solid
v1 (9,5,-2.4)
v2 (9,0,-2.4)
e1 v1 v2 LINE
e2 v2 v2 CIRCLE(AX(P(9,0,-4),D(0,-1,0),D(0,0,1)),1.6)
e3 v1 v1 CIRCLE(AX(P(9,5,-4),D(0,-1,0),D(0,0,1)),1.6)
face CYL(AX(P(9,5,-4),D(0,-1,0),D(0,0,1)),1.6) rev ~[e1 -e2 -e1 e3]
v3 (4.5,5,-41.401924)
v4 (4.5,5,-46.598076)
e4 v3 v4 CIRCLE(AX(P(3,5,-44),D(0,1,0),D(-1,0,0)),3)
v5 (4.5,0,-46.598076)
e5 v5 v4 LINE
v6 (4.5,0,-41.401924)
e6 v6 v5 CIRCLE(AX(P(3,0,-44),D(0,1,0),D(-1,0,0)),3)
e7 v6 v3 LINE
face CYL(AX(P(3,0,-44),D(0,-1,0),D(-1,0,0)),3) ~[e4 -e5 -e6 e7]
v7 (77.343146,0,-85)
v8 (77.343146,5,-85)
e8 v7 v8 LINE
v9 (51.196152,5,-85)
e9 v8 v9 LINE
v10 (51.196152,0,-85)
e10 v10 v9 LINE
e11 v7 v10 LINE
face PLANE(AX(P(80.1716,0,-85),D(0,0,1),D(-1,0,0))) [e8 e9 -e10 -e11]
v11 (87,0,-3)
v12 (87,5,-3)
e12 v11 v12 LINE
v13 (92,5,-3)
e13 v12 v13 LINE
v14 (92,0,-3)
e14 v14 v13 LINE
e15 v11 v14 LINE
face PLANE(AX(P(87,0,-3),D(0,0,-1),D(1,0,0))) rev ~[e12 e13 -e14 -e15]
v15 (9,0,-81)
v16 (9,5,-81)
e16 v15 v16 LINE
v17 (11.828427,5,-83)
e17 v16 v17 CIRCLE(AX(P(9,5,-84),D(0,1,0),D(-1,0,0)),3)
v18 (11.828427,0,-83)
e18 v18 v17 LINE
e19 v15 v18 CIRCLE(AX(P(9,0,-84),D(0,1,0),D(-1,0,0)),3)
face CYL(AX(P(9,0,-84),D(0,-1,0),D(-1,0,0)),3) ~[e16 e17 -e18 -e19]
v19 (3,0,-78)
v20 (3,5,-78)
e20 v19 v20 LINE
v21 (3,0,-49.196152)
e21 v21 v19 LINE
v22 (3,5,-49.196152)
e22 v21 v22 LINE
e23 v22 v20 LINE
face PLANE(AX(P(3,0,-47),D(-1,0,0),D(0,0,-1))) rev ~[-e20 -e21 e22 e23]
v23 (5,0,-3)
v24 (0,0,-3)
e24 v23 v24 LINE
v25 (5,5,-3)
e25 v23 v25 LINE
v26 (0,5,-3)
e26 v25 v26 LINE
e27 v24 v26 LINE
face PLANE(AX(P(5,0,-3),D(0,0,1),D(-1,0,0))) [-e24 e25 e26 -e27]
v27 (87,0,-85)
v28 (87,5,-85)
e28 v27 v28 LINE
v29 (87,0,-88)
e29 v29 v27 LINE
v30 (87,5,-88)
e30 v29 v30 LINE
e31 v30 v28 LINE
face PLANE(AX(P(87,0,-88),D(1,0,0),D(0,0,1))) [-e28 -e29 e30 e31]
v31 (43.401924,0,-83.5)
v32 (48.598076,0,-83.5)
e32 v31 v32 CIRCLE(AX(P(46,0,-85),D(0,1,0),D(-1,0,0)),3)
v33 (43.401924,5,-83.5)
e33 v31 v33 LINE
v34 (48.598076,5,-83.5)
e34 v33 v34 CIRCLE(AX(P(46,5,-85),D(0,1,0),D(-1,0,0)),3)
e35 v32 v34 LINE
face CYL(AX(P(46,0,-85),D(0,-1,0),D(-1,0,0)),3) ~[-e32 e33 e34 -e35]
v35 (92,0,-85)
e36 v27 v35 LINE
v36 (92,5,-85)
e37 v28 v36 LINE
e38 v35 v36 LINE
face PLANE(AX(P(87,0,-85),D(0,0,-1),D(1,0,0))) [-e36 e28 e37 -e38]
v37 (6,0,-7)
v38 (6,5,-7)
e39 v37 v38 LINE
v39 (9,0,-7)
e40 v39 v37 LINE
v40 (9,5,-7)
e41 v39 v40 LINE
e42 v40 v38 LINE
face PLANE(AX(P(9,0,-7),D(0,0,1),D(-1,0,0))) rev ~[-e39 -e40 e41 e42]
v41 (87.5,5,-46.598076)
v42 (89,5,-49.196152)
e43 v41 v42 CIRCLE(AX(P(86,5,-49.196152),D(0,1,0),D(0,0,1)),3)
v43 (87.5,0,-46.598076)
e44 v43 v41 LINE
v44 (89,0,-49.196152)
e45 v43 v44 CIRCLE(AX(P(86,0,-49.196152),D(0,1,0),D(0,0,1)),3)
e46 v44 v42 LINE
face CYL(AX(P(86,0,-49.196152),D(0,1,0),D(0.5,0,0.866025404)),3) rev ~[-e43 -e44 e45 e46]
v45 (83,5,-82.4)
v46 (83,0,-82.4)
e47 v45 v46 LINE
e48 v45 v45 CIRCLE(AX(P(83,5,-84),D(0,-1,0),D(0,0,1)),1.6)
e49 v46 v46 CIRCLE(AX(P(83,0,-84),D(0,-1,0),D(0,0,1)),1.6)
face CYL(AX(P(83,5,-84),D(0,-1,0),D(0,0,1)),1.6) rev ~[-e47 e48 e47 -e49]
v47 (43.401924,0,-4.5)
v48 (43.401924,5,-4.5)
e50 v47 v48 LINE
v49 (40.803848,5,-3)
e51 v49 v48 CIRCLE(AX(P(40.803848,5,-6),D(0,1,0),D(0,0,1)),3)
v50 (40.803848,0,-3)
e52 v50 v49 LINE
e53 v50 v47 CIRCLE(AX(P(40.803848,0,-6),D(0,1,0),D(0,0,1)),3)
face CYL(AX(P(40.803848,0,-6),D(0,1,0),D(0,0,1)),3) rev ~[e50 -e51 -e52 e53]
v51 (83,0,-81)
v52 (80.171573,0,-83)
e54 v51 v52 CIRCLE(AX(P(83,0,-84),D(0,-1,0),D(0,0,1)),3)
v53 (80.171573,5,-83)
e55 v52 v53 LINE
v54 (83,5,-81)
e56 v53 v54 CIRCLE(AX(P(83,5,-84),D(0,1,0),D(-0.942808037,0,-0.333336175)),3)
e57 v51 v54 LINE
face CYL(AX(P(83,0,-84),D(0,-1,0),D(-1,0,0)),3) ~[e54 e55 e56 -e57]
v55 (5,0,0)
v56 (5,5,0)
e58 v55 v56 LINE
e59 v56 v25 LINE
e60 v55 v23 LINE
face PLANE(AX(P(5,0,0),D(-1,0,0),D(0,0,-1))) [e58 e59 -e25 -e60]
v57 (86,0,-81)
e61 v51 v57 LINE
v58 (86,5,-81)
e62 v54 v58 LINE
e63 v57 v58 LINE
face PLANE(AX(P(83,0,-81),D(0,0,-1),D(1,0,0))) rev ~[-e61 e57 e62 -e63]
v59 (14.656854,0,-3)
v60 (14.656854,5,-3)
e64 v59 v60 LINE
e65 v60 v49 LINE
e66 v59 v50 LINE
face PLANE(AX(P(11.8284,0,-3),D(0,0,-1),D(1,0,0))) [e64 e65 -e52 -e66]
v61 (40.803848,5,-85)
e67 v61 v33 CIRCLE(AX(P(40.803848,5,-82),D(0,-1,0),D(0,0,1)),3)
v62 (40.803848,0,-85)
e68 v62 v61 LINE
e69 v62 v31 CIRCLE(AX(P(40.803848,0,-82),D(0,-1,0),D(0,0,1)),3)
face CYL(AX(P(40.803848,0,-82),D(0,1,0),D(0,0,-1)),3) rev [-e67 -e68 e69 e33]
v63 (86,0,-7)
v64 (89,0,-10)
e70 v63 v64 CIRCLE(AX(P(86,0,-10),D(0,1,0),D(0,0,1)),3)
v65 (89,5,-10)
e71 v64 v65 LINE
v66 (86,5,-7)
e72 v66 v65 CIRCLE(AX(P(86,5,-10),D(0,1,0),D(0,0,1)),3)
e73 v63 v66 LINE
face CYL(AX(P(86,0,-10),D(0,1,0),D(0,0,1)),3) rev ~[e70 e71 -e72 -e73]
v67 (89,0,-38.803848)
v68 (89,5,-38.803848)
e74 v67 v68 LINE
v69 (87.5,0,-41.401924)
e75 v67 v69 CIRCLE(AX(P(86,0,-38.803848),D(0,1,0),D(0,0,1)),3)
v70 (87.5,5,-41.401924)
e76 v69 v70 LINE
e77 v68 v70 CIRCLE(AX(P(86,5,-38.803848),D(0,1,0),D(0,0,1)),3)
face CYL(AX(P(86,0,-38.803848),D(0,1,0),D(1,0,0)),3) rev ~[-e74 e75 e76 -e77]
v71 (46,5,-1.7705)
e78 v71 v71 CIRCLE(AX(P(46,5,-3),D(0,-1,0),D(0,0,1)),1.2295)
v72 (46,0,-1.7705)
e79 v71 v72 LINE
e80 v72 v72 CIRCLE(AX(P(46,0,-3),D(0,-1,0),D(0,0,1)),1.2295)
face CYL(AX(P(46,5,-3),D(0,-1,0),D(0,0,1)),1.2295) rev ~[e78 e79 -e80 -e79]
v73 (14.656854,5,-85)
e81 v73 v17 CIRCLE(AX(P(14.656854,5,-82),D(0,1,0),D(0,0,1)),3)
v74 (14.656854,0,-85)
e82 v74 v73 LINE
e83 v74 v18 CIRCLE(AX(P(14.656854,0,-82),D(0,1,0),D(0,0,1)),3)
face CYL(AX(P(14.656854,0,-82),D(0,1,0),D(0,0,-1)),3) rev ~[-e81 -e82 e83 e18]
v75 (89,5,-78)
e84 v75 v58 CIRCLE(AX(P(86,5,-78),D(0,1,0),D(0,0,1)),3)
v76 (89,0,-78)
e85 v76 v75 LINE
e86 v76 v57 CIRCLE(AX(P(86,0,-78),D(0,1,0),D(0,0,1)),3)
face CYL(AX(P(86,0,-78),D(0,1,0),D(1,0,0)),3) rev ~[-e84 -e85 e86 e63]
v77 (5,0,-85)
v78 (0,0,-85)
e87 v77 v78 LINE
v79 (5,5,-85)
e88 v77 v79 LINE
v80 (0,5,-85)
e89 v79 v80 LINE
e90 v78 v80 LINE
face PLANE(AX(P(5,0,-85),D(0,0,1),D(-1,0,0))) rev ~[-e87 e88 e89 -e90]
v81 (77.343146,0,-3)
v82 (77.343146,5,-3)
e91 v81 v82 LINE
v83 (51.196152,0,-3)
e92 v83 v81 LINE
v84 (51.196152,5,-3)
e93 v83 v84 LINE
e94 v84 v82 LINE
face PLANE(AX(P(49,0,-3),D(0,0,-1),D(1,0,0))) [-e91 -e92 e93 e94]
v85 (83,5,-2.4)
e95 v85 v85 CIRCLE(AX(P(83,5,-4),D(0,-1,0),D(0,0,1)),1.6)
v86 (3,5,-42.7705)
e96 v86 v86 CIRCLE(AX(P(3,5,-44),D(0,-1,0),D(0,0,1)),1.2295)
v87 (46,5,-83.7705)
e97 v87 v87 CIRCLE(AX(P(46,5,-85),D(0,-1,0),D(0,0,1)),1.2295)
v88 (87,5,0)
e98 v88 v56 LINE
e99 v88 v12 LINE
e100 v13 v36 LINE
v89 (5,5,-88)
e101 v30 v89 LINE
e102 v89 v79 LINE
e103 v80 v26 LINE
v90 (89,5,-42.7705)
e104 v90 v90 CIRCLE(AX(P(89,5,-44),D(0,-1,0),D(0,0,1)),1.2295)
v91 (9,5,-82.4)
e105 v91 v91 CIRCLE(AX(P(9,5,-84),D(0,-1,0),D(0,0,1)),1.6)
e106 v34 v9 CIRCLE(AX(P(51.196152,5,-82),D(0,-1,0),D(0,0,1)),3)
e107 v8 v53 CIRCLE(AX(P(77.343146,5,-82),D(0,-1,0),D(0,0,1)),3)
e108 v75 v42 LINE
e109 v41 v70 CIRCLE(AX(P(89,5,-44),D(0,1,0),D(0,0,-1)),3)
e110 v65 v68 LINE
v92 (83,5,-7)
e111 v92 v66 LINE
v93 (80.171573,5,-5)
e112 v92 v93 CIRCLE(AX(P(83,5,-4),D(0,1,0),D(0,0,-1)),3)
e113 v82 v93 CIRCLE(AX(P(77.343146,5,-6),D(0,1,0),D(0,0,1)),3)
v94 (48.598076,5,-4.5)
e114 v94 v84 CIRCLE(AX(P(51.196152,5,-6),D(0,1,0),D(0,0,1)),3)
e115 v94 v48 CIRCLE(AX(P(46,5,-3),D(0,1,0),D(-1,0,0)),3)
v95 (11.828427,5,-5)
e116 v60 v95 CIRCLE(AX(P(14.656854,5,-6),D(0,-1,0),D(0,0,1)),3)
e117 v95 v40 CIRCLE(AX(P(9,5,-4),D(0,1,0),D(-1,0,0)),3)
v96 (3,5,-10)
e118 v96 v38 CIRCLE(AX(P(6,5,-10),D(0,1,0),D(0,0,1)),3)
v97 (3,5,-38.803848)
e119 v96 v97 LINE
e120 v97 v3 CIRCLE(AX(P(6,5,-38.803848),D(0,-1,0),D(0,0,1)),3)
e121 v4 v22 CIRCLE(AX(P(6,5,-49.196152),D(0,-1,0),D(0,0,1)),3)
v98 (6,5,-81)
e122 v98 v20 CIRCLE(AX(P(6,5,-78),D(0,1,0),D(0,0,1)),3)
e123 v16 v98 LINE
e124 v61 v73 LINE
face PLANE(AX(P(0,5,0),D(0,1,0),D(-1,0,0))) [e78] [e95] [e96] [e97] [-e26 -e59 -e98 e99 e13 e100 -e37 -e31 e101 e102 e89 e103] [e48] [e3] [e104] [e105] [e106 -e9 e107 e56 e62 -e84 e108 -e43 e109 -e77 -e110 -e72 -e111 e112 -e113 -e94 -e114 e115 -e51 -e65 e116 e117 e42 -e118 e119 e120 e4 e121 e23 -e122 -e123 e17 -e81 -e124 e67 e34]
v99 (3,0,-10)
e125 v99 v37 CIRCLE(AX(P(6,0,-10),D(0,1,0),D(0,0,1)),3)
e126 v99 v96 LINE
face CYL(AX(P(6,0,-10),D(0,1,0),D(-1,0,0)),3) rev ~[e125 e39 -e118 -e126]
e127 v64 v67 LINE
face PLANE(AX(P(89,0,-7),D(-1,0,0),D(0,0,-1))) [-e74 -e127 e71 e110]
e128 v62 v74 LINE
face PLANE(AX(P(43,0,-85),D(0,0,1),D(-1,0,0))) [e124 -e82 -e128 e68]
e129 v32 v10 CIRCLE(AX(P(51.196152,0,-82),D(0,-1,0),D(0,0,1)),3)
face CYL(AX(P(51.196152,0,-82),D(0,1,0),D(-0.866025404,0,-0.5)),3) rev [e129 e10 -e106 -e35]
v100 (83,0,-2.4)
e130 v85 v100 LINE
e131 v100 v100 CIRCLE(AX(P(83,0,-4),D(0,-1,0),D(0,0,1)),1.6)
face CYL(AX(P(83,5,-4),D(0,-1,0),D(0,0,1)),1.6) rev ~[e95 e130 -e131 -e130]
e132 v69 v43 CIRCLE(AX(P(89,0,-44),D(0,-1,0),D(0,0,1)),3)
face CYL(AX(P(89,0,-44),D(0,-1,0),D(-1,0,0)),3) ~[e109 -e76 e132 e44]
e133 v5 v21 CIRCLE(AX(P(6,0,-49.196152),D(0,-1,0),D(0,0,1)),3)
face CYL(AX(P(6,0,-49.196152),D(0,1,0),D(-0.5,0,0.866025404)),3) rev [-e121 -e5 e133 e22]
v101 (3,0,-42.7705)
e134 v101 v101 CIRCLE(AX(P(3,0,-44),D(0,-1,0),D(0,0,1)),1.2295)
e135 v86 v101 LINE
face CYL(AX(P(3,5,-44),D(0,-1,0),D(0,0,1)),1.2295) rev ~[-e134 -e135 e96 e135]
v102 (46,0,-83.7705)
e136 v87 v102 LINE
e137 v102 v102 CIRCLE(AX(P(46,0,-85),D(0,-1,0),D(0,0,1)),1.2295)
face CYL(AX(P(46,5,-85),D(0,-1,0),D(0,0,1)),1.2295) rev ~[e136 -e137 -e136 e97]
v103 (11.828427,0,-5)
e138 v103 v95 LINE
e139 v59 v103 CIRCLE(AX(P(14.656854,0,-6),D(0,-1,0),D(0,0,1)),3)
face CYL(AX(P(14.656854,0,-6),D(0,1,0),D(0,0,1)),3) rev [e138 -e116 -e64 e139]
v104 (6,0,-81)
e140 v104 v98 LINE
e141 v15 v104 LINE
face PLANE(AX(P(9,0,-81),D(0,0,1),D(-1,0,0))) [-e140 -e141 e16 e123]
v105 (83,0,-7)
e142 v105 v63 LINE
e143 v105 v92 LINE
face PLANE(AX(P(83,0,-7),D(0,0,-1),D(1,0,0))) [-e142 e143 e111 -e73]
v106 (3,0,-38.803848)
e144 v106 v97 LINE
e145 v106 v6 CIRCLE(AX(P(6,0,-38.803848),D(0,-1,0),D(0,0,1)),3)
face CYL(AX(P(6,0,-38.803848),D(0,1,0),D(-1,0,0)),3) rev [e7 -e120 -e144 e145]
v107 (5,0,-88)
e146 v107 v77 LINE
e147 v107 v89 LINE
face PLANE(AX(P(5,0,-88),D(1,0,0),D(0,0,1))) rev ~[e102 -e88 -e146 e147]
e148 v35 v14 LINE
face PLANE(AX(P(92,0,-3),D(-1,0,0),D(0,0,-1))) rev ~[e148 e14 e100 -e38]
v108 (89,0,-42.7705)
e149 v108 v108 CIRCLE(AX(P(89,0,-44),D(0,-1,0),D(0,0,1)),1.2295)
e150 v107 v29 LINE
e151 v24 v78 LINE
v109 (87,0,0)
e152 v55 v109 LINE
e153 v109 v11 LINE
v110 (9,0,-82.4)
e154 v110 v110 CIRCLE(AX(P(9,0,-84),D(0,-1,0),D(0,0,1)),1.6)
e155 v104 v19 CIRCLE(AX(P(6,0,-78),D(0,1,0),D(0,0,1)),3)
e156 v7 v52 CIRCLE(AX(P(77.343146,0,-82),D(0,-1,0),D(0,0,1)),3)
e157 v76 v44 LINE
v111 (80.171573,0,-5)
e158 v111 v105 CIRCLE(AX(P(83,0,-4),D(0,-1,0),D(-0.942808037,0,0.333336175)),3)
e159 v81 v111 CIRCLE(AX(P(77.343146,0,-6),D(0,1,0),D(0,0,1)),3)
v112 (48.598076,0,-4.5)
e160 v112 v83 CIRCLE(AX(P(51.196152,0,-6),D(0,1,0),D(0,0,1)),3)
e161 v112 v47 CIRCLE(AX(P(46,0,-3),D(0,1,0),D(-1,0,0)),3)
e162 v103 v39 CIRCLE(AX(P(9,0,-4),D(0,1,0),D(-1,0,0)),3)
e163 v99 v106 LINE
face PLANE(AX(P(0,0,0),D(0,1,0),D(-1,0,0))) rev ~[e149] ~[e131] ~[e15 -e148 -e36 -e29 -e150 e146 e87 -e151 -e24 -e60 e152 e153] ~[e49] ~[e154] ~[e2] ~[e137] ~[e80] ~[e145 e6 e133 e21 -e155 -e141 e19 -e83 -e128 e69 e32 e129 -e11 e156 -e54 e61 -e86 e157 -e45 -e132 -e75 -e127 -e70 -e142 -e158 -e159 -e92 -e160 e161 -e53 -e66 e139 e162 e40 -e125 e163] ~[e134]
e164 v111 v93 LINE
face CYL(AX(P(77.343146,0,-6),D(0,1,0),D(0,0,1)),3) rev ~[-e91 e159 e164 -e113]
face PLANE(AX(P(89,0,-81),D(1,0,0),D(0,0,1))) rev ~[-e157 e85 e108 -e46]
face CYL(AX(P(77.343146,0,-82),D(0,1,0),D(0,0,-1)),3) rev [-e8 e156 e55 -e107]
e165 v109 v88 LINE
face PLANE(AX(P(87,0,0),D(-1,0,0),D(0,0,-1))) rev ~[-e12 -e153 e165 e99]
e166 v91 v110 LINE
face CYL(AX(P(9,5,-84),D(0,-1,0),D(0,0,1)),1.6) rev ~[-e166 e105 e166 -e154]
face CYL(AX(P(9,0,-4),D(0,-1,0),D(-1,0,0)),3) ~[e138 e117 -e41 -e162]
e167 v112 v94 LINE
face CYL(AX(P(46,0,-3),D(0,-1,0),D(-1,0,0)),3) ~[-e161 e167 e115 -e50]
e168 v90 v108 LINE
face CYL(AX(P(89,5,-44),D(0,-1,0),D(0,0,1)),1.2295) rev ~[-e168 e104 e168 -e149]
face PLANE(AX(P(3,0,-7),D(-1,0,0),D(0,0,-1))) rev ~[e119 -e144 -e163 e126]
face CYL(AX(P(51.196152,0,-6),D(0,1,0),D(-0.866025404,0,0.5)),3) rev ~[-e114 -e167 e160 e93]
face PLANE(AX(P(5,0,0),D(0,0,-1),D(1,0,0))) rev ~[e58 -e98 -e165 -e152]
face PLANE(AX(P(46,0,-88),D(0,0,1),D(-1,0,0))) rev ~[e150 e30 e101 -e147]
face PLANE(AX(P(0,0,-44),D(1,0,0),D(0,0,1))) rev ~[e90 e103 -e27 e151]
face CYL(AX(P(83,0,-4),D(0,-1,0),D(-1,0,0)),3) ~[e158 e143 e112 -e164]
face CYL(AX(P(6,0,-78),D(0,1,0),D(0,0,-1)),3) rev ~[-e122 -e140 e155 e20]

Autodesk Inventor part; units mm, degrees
ref_plane "YZ Plane" through (0, 0, 0) normal (1, 0, 0) x (0, 1, 0)
ref_plane "XZ Plane" through (0, 0, 0) normal (0, 1, 0) x (-1, 0, 0)
ref_plane "XY Plane" through (0, 0, 0) normal (0, 0, 1) x (1, 0, 0)
sketch "Sketch1" plane through (0, 0, 0) normal (0, 1, 0) x (-1, 0, 0)
  line L0 (0, 0) -> (-92, 0)
  line L1 (-92, 0) -> (-92, -88)
  line L2 (-92, -88) -> (0, -88)
  line L3 (0, -88) -> (0, 0)
  line L4 (0, -88) -> (-5, -88)
  line L5 (-5, -88) -> (-5, -85)
  line L6 (-5, -85) -> (0, -85)
  line L7 (0, -85) -> (0, -88)
  line L8 (0, 0) -> (-5, 0)
  line L9 (-5, 0) -> (-5, -3)
  line L10 (-5, -3) -> (0, -3)
  line L11 (0, -3) -> (0, 0)
  line L12 (-92, 0) -> (-87, 0)
  line L13 (-87, 0) -> (-87, -3)
  line L14 (-87, -3) -> (-92, -3)
  line L15 (-92, -3) -> (-92, 0)
  line L16 (-92, -88) -> (-87, -88)
  line L17 (-87, -88) -> (-87, -85)
  line L18 (-87, -85) -> (-92, -85)
  line L19 (-92, -85) -> (-92, -88)
  circle A0 centre (-9, -84) radius 1.6 construction
  circle A1 centre (-83, -84) radius 1.6 construction
  circle A2 centre (-9, -4) radius 1.6 construction
  circle A3 centre (-83, -4) radius 1.6 construction
  circle A4 centre (-46, -85) radius 1.6 construction
  circle A5 centre (-3, -44) radius 1.6 construction
  circle A6 centre (-89, -44) radius 1.6 construction
  circle A7 centre (-46, -3) radius 1.6 construction
  circle A8 centre (-9, -84) radius 3
  circle A9 centre (-46, -85) radius 3
  circle A10 centre (-83, -84) radius 3
  circle A11 centre (-3, -44) radius 3
  circle A12 centre (-9, -4) radius 3
  circle A13 centre (-83, -4) radius 3
  circle A14 centre (-89, -44) radius 3
  circle A15 centre (-46, -3) radius 3
  line L20 (-11.8284, -3) -> (-43, -3)
  line L21 (-49, -3) -> (-80.1716, -3)
  line L22 (-83, -7) -> (-89, -7)
  line L23 (-89, -7) -> (-89, -41)
  line L24 (-83, -81) -> (-89, -81)
  line L25 (-89, -81) -> (-89, -47)
  line L26 (-80.1716, -85) -> (-49, -85)
  line L27 (-43, -85) -> (-11.8284, -85)
  line L28 (-9, -81) -> (-3, -81)
  line L29 (-9, -7) -> (-3, -7)
  line L30 (-3, -7) -> (-3, -41)
  line L31 (-3, -47) -> (-3, -81)
  point P0 (-92, -44)
  point P1 (-46, 0)
  dimension "d0" = 82
  dimension "d1" = 88
  dimension "d2" = 92
  dimension "d3" = 5
  dimension "d4" = 3.2
  dimension "d5" = 74
  dimension "d6" = 80
  dimension "d7" = 9
  dimension "d8" = 4
  dimension "d9" = 3.2
  dimension "d10" = 46
  dimension "d11" = 44
  dimension "d12" = 3
  dimension "d13" = 3
  dimension "d14" = 3
  dimension "d15" = 3
  dimension "d16" = 6
  dimension "d17" = 3
  dimension "d18" = 3
  dimension "d19" = 3
  dimension "d20" = 3
extrude "Extrusion1" add sketch "Sketch1" along normal blind 5 contours L9 L10 L3 A11 L30 L29 A12 L20 A15 L0 | A15 L21 A13 L22 L23 A14 L1 L14 L13 L0 | A15 | A11 | L3 L6 L5 L2 A9 L27 A8 L28 L31 A11 | A12 | A13 | A8 | A14 L25 L24 A10 L26 A9 L2 L17 L18 L1 | A14 | A9 | A10
fillet "Fillet1" radius 3 16 edges at (3, 2.5, -7) (11.8284, 2.5, -3) (43, 2.5, -3) (49, 2.5, -3) (80.1716, 2.5, -3) (89, 2.5, -7) (89, 2.5, -41) (89, 2.5, -47) (3, 2.5, -41) (3, 2.5, -47) (3, 2.5, -81) (11.8284, 2.5, -85) (43, 2.5, -85) (49, 2.5, -85) (89, 2.5, -81) (80.1716, 2.5, -85)
sketch "Sketch2" plane through (0, 5, 0) normal (0, 1, 0) x (1, 0, 0)
  arc A0 (87.5, 46.5981) -> (87.5, 41.4019) centre (89, 44) ccw projected
  arc A1 (43.4019, 83.5) -> (48.5981, 83.5) centre (46, 85) ccw projected
  arc A2 (4.5, 41.4019) -> (4.5, 46.5981) centre (3, 44) ccw projected
  arc A3 (48.5981, 4.5) -> (43.4019, 4.5) centre (46, 3) ccw projected
  point P0 (0, 0)
  point P1 (92, 44)
  point P2 (46, 0)
hole "Hole1" at (46, 5, -85) at (3, 5, -44) at (89, 5, -44) at (46, 5, -3) direction (0, -1, 0) diameter 2.459 end through all thread size "M3x0.5" class "6H" standard "ANSI Metric M Profile"
sketch "Sketch3" plane through (0, 5, 0) normal (0, 1, 0) x (1, 0, 0)
  arc A0 (9, 81) -> (11.8284, 83) centre (9, 84) ccw projected
  arc A1 (11.8284, 5) -> (9, 7) centre (9, 4) ccw projected
  arc A2 (80.1716, 83) -> (83, 81) centre (83, 84) ccw projected
  arc A3 (83, 7) -> (80.1716, 5) centre (83, 4) ccw projected
  point P0 (0, 0)
  point P1 (84, 6)
hole "Hole2" at (9, 5, -84) at (9, 5, -4) at (83, 5, -4) at (83, 5, -84) direction (0, -1, 0) diameter 3.2 end through all clearance for "Flat Head Machine Screw" size "M3" standard "Ansi Metric M Profile"
equation "\"d7\" = -0.5 * d5 + 0.5 * d2"
equation "\"d8\" = -0.5 * d6 + 0.5 * d1"
equation "\"d10\" = 0.5 * d2"
equation "\"d11\" = 0.5 * d1"
equation "\"d13\" = d12"
equation "\"d15\" = d14"
equation "\"d17\" = d19"
equation "\"d18\" = d20"
properties part number "ElectronicsBayUpperMount"
